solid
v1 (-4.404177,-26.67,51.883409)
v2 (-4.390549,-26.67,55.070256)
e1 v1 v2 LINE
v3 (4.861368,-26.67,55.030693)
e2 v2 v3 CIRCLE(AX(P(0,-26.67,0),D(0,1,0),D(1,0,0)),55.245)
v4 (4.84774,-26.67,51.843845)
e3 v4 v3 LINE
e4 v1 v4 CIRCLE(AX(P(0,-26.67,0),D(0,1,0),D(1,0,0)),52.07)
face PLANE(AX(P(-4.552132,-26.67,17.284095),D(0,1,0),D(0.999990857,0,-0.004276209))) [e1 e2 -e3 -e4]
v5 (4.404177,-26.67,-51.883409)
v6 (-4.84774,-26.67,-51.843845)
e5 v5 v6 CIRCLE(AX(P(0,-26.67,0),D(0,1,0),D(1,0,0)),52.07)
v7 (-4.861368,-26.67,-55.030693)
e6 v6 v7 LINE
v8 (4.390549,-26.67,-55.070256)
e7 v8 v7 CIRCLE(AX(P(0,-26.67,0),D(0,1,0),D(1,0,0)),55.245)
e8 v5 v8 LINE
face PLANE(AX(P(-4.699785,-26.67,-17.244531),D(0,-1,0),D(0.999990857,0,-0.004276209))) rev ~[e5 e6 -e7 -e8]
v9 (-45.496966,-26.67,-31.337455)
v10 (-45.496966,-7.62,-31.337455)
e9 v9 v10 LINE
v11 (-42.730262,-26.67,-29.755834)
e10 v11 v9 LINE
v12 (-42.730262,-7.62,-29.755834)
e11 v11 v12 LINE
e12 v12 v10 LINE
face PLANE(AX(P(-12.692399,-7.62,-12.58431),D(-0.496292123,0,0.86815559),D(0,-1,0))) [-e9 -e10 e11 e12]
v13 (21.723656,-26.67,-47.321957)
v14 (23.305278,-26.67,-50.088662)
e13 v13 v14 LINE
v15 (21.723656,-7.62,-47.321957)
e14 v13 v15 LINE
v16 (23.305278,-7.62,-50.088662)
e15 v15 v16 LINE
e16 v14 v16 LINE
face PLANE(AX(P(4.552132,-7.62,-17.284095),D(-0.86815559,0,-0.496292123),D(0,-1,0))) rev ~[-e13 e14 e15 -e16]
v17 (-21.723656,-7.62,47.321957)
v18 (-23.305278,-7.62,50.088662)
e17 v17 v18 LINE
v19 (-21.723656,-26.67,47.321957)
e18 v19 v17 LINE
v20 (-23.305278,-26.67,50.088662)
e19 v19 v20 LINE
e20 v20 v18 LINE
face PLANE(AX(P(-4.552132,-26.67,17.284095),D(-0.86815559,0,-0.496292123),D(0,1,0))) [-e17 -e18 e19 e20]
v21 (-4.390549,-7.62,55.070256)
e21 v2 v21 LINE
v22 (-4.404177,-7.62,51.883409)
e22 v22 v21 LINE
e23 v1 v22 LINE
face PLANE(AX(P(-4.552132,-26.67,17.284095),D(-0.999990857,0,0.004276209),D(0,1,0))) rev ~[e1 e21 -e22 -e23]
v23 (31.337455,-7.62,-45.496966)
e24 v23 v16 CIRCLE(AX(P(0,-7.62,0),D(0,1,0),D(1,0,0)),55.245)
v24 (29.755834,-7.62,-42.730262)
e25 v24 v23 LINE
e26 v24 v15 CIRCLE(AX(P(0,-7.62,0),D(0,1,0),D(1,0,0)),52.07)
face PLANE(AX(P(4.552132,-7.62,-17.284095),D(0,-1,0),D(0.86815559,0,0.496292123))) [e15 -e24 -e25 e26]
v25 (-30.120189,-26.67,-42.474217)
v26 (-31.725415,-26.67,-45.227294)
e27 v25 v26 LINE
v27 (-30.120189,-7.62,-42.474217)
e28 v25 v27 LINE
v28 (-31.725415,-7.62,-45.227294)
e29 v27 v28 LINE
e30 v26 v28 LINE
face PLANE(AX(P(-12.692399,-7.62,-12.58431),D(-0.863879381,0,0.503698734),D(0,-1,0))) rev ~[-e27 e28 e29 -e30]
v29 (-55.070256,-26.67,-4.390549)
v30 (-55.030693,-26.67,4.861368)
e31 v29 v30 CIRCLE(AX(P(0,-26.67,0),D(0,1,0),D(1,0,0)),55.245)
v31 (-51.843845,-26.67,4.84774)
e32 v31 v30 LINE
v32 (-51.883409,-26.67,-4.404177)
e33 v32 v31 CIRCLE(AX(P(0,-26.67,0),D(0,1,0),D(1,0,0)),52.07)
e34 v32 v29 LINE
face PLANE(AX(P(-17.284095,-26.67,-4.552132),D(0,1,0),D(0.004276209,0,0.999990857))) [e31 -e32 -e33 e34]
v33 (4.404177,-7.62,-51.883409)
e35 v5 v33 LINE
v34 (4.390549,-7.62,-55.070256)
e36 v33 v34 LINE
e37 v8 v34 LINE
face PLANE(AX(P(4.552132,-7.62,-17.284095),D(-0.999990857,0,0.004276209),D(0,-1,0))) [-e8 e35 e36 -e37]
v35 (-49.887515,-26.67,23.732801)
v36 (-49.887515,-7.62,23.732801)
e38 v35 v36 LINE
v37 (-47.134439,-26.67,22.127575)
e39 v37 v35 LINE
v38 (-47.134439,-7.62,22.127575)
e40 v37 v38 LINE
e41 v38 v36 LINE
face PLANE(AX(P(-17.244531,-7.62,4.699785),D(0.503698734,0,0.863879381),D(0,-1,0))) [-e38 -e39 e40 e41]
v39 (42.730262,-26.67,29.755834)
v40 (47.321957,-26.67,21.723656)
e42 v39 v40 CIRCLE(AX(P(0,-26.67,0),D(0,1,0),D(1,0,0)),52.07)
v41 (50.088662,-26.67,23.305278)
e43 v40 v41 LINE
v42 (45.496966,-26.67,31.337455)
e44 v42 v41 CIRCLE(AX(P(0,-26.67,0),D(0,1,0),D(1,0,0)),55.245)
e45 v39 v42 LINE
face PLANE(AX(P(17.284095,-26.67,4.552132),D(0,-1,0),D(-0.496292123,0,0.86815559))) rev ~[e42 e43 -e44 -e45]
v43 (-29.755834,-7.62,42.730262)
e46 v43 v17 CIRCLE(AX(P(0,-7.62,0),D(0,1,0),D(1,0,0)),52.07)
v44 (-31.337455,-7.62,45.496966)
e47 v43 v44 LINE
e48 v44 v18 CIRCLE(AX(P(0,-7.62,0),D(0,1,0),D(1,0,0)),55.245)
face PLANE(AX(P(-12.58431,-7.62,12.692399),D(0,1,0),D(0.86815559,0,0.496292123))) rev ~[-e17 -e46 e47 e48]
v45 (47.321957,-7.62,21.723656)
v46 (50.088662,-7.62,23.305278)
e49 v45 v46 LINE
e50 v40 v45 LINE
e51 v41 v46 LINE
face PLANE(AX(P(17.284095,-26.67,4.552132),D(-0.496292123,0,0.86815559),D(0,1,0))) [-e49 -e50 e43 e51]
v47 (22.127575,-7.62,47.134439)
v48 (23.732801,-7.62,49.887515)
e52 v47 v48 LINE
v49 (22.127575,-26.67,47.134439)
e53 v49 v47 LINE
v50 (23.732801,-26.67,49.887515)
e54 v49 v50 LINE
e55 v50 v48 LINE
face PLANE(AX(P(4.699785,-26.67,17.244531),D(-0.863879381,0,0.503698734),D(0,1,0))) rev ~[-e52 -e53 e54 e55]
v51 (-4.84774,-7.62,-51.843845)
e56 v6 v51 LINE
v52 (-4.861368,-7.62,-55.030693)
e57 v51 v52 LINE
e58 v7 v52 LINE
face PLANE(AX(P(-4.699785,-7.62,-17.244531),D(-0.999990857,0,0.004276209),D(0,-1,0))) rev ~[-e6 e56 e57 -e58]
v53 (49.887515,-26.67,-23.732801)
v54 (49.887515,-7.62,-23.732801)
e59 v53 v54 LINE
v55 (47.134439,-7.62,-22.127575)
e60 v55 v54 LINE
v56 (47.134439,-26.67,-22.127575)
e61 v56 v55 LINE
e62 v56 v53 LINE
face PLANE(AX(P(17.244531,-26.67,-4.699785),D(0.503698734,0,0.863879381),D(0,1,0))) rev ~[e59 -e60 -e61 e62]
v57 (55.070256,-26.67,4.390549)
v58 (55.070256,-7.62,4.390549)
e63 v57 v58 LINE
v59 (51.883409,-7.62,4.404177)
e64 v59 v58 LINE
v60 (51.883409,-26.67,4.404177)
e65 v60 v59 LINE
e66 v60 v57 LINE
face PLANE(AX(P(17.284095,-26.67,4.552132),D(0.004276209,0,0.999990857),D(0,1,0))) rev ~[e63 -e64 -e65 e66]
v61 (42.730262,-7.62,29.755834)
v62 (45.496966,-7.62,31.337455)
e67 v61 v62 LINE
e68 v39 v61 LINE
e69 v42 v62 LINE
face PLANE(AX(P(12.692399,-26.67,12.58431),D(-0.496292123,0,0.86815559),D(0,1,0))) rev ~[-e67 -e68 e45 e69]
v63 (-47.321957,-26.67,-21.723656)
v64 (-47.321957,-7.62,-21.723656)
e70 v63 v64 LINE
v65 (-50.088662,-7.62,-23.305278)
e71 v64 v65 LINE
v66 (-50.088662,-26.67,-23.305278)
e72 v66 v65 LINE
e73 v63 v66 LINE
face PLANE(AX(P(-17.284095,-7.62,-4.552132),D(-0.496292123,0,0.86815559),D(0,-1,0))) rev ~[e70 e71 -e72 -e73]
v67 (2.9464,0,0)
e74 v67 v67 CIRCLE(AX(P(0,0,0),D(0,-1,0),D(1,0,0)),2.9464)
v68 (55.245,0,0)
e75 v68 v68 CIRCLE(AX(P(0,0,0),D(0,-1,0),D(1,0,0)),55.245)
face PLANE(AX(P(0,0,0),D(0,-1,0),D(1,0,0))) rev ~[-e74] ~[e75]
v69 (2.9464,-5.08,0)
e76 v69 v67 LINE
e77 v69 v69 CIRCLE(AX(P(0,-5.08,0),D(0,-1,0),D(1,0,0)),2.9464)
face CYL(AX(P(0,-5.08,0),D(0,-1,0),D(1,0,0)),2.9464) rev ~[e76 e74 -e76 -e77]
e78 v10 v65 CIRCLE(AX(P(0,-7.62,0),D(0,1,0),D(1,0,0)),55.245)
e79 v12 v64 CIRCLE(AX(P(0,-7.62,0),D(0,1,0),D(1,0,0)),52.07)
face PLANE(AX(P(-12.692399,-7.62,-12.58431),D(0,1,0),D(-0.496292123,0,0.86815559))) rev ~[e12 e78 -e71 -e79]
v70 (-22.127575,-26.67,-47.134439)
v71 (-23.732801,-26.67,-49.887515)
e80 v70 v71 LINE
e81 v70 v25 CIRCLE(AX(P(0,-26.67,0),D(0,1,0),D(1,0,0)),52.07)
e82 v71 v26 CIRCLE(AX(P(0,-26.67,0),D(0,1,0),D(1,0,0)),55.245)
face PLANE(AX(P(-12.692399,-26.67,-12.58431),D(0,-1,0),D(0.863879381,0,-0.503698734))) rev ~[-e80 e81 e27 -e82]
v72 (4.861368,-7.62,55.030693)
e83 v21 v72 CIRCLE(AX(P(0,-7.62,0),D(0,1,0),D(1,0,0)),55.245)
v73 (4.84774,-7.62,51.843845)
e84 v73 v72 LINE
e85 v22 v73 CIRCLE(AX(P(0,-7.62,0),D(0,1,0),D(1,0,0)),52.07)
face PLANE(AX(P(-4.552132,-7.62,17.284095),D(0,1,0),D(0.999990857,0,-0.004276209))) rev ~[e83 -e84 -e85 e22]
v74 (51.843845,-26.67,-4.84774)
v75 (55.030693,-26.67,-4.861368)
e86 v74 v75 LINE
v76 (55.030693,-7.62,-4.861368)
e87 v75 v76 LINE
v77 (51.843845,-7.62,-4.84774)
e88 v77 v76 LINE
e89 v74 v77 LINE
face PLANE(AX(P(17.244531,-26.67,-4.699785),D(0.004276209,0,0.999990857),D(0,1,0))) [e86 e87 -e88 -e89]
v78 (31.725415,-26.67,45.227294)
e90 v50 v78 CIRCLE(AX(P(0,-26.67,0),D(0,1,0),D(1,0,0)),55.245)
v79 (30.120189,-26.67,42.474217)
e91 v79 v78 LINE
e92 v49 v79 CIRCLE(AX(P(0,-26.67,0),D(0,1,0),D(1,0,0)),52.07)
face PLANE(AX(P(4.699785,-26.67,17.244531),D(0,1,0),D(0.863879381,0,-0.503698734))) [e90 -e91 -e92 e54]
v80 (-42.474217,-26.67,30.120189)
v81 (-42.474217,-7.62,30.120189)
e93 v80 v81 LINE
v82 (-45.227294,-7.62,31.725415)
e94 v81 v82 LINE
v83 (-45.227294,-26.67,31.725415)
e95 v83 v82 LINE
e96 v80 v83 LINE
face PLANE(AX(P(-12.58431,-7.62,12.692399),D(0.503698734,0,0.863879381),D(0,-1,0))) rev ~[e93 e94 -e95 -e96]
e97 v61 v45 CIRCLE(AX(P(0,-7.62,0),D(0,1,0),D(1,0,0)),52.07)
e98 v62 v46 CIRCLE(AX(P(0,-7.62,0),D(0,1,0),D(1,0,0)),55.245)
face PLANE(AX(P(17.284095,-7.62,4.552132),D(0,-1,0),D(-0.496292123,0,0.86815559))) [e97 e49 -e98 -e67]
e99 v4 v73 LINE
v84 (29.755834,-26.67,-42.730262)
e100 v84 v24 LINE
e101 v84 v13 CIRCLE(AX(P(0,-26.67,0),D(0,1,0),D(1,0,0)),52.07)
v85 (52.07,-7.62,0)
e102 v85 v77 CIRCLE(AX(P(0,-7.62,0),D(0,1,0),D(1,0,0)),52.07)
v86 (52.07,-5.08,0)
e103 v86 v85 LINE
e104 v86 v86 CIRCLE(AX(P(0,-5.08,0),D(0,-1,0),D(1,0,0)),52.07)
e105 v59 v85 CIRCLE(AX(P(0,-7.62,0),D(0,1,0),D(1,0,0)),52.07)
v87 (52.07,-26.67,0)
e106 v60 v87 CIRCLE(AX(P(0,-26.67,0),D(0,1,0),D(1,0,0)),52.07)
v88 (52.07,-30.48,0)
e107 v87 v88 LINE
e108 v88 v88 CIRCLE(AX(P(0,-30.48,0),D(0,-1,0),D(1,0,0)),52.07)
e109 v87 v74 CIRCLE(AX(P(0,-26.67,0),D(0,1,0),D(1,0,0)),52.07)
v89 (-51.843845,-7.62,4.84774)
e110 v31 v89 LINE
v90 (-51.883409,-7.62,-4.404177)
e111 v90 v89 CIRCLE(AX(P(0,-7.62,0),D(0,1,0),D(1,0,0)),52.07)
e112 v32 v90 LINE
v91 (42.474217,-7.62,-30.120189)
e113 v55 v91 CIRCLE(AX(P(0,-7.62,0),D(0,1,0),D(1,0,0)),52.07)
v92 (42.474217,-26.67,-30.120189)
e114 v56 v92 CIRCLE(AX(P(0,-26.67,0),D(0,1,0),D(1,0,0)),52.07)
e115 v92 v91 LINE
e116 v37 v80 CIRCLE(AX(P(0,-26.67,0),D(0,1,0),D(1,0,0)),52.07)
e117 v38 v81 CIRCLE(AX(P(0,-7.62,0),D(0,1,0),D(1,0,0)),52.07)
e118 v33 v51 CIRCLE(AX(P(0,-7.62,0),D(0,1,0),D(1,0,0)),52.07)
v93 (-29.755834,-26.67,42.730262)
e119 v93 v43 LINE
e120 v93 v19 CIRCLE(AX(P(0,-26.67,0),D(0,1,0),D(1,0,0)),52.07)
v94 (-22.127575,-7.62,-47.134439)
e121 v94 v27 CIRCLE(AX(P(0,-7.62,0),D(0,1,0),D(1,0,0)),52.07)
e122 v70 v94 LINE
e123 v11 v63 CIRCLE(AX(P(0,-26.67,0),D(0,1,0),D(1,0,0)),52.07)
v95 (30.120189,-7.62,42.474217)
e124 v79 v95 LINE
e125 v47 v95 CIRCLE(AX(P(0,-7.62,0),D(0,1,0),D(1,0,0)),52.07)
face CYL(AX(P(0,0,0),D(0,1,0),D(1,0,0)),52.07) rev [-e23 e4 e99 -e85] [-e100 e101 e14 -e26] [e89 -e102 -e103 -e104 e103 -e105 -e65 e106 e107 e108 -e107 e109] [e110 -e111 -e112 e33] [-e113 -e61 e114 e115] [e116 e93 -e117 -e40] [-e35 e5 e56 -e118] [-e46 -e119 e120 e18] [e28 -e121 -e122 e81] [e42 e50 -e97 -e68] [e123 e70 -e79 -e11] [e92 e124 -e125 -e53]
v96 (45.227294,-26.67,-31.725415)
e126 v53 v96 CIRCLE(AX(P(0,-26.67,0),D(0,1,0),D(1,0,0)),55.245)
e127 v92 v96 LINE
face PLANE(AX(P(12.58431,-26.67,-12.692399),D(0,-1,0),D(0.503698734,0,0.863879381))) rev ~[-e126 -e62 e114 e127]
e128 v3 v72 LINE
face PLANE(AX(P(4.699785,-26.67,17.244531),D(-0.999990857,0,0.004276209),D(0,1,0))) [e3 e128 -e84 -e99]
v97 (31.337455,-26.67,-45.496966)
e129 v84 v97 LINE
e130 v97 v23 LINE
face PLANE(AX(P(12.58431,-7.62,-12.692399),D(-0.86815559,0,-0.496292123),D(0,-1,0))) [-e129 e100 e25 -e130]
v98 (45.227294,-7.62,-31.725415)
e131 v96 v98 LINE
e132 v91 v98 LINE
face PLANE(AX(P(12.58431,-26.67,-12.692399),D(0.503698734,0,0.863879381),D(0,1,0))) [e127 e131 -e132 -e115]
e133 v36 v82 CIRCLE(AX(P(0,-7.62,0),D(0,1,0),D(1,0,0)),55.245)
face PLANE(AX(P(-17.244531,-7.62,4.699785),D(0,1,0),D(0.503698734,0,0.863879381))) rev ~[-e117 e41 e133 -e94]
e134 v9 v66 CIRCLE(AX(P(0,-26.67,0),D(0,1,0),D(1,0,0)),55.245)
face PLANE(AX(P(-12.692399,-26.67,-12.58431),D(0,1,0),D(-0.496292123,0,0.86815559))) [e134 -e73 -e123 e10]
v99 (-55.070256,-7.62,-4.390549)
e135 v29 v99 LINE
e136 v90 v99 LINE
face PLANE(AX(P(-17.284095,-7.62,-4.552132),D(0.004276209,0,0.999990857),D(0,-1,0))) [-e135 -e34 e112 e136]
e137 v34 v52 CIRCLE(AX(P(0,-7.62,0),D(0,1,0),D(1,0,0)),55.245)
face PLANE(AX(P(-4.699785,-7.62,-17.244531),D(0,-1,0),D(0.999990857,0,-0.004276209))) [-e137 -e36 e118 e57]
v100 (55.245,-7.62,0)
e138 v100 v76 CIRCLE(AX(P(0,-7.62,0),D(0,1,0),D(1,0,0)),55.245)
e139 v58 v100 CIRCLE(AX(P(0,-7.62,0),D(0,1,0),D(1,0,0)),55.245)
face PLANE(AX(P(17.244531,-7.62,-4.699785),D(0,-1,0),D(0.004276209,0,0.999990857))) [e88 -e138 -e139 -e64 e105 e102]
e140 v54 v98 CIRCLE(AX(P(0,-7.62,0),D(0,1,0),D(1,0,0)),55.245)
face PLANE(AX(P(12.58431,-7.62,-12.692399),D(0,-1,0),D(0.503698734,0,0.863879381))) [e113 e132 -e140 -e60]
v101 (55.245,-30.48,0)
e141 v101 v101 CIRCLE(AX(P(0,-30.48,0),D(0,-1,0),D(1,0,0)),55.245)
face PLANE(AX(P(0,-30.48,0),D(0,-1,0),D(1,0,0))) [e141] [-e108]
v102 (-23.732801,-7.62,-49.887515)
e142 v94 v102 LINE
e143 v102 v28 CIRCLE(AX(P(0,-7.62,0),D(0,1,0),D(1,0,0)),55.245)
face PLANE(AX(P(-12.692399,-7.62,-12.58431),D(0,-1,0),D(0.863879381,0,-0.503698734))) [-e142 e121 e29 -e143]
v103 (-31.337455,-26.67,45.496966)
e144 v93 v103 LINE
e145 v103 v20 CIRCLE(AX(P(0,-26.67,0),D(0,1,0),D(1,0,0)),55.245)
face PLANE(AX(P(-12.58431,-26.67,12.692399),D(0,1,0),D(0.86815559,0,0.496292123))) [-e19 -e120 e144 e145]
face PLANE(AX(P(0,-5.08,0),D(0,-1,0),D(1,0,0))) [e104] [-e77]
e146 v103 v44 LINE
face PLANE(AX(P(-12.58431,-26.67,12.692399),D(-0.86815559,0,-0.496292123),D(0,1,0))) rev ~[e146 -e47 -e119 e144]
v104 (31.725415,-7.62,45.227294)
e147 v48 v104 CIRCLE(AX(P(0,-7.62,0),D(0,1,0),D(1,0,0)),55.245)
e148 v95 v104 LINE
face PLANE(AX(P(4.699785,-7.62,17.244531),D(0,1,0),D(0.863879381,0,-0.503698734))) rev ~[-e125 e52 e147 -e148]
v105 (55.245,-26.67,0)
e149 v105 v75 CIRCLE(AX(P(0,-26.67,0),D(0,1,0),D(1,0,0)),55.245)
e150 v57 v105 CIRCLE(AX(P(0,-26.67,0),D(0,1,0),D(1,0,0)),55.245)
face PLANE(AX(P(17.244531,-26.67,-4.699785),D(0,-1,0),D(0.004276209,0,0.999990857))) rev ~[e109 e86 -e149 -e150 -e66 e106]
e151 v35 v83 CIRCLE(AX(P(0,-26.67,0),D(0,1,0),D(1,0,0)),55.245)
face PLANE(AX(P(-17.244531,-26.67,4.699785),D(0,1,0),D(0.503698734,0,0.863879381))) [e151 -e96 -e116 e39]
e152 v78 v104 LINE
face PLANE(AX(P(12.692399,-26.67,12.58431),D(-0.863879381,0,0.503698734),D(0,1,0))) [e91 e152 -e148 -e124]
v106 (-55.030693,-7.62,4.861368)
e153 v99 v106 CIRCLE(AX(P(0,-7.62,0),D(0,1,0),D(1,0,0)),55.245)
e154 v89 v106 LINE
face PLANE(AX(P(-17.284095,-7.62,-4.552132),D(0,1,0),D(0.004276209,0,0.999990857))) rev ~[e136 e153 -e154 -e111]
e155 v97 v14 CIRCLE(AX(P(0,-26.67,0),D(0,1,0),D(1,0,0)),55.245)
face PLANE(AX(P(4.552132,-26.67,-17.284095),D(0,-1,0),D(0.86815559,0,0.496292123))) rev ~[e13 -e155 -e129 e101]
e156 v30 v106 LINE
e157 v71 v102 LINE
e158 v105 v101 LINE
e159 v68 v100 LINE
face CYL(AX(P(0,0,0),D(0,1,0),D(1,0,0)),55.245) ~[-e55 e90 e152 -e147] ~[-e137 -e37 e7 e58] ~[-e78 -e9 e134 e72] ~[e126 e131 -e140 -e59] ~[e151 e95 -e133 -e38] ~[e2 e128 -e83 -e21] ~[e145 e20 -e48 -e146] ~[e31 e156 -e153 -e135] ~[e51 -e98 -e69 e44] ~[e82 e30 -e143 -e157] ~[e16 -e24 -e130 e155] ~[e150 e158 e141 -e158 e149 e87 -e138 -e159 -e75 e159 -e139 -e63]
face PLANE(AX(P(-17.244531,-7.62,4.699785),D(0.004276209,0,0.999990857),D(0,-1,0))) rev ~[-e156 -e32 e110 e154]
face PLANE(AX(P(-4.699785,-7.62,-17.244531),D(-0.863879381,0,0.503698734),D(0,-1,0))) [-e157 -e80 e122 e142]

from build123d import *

# Parameters (mm, degrees)
F0_R      = 52.07
F1_DEPTH  = 5.08
F0_R_2    = 55.245
F2_DEPTH  = 30.48
F4_DEPTH  = 21.59
F5_W      = 9.2520020868
F5_H      = 19.05
F6_DEPTH  = 50.8
F7_W      = 9.2520020868
F7_H      = 19.05
F8_DEPTH  = 50.8
F9_W      = 9.2520020868
F9_H      = 19.05
F10_DEPTH = 50.8
F11_W     = 19.05
F11_H     = 9.2520020868
F12_DEPTH = 50.8
F13_W     = 19.05
F13_H     = 9.2520020868
F14_DEPTH = 50.8
F15_W     = 19.05
F15_H     = 9.2520020868
F16_DEPTH = 50.8
F17_W     = 9.2520020868
F17_H     = 19.05
F18_DEPTH = 50.8
F19_W     = 9.2520020868
F19_H     = 19.05
F20_DEPTH = 50.8
F21_W     = 9.2520020868
F21_H     = 19.05
F22_DEPTH = 50.8
F23_W     = 19.05
F23_H     = 9.2520020868
F24_DEPTH = 50.8
F25_W     = 19.05
F25_H     = 9.2520020868
F26_DEPTH = 50.8
F27_W     = 19.05
F27_H     = 9.2520020868
F28_DEPTH = 50.8
F29_DEPTH = 21.59
F30_R     = 2.9464
F31_DEPTH = 8.382


with BuildPart() as f1:
    # F0 (on Front) → F1 (new body)
    with BuildSketch(Plane.XZ):
        Circle(F0_R)
    extrude(amount=F1_DEPTH)

    # F0 (on Front) → F2 (join)
    with BuildSketch(Plane.XZ):
        Circle(F0_R_2)
        Circle(F0_R, mode=Mode.SUBTRACT)
    extrude(amount=F2_DEPTH)

    # F3 (on face) → F4 (join)
    with BuildSketch(Plane.XZ.offset(5.08)):
        Polygon((4.5521322669, -17.2840948262), (12.5843095976, -12.6923990675), (17.2445313344, -4.6997852286), (17.2840948262, 4.5521322669), (12.6923990675, 12.5843095976), (4.6997852286, 17.2445313344), (-4.5521322669, 17.2840948262), (-12.5843095976, 12.6923990675), (-17.2445313344, 4.6997852286), (-17.2840948262, -4.5521322669), (-12.6923990675, -12.5843095976), (-4.6997852286, -17.2445313344), align=None)
    extrude(amount=F4_DEPTH)

    # F5 (on face) → F6 (cut)
    with BuildSketch(Plane(origin=(8.696092148, 0, 14.914420466), x_dir=(0.8638793813, 0, -0.5036987339), z_dir=(0.5036987339, 0, 0.8638793813))):
        with Locations((0, -17.145)):
            Rectangle(F5_W, F5_H)
    extrude(amount=F6_DEPTH, mode=Mode.SUBTRACT)

    # F7 (on face) → F8 (cut)
    with BuildSketch(Plane(origin=(0.0738264808, 0, 17.2643130803), x_dir=(0.999990857, 0, -0.0042762087), z_dir=(0.0042762087, 0, 0.999990857))):
        with Locations((0, -17.145)):
            Rectangle(F7_W, F7_H)
    extrude(amount=F8_DEPTH, mode=Mode.SUBTRACT)

    # F9 (on face) → F10 (cut)
    with BuildSketch(Plane(origin=(-8.5682209323, 0, 14.9882469469), x_dir=(0.86815559, 0, 0.4962921231), z_dir=(-0.4962921231, 0, 0.86815559))):
        with Locations((0, -17.145)):
            Rectangle(F9_W, F9_H)
    extrude(amount=F10_DEPTH, mode=Mode.SUBTRACT)

    # F11 (on face) → F12 (cut)
    with BuildSketch(Plane(origin=(-14.914420466, 0, 8.696092148), x_dir=(0, -1, 0), z_dir=(-0.8638793813, 0, 0.5036987339))):
        with Locations((17.145, 0)):
            Rectangle(F11_W, F11_H)
    extrude(amount=F12_DEPTH, mode=Mode.SUBTRACT)

    # F13 (on face) → F14 (cut)
    with BuildSketch(Plane(origin=(-17.2643130803, 0, 0.0738264808), x_dir=(0, -1, 0), z_dir=(-0.999990857, 0, 0.0042762087))):
        with Locations((17.145, 0)):
            Rectangle(F13_W, F13_H)
    extrude(amount=F14_DEPTH, mode=Mode.SUBTRACT)

    # F15 (on face) → F16 (cut)
    with BuildSketch(Plane(origin=(-14.9882469469, 0, -8.5682209323), x_dir=(0, -1, 0), z_dir=(-0.86815559, 0, -0.4962921231))):
        with Locations((17.145, 0)):
            Rectangle(F15_W, F15_H)
    extrude(amount=F16_DEPTH, mode=Mode.SUBTRACT)

    # F17 (on face) → F18 (cut)
    with BuildSketch(Plane(origin=(-8.696092148, 0, -14.914420466), x_dir=(0.8638793813, 0, -0.5036987339), z_dir=(-0.5036987339, 0, -0.8638793813))):
        with Locations((0, 17.145)):
            Rectangle(F17_W, F17_H)
    extrude(amount=F18_DEPTH, mode=Mode.SUBTRACT)

    # F19 (on face) → F20 (cut)
    with BuildSketch(Plane(origin=(-0.0738264808, 0, -17.2643130803), x_dir=(0.999990857, 0, -0.0042762087), z_dir=(-0.0042762087, 0, -0.999990857))):
        with Locations((0, 17.145)):
            Rectangle(F19_W, F19_H)
    extrude(amount=F20_DEPTH, mode=Mode.SUBTRACT)

    # F21 (on face) → F22 (cut)
    with BuildSketch(Plane(origin=(8.5682209323, 0, -14.9882469469), x_dir=(0.86815559, 0, 0.4962921231), z_dir=(0.4962921231, 0, -0.86815559))):
        with Locations((0, 17.145)):
            Rectangle(F21_W, F21_H)
    extrude(amount=F22_DEPTH, mode=Mode.SUBTRACT)

    # F23 (on face) → F24 (cut)
    with BuildSketch(Plane(origin=(14.914420466, 0, -8.696092148), x_dir=(0, 1, 0), z_dir=(0.8638793813, 0, -0.5036987339))):
        with Locations((-17.145, 0)):
            Rectangle(F23_W, F23_H)
    extrude(amount=F24_DEPTH, mode=Mode.SUBTRACT)

    # F25 (on face) → F26 (cut)
    with BuildSketch(Plane(origin=(17.2643130803, 0, -0.0738264808), x_dir=(0, 1, 0), z_dir=(0.999990857, 0, -0.0042762087))):
        with Locations((-17.145, 0)):
            Rectangle(F25_W, F25_H)
    extrude(amount=F26_DEPTH, mode=Mode.SUBTRACT)

    # F27 (on face) → F28 (cut)
    with BuildSketch(Plane(origin=(14.9882469469, 0, 8.5682209323), x_dir=(0, 1, 0), z_dir=(0.86815559, 0, 0.4962921231))):
        with Locations((-17.145, 0)):
            Rectangle(F27_W, F27_H)
    extrude(amount=F28_DEPTH, mode=Mode.SUBTRACT)

    # F29 (cut): a face of the model
    f29_faces = [f1.faces().sort_by_distance(p)[0] for p in [
        (0, -26.67, 0),
    ]]
    extrude(f29_faces, amount=-F29_DEPTH, mode=Mode.SUBTRACT)

    # F30 (on face) → F31 (cut)
    with BuildSketch(Plane.XZ.offset(5.08)):
        Circle(F30_R)
    extrude(amount=-F31_DEPTH, mode=Mode.SUBTRACT)


solid = f1.part
